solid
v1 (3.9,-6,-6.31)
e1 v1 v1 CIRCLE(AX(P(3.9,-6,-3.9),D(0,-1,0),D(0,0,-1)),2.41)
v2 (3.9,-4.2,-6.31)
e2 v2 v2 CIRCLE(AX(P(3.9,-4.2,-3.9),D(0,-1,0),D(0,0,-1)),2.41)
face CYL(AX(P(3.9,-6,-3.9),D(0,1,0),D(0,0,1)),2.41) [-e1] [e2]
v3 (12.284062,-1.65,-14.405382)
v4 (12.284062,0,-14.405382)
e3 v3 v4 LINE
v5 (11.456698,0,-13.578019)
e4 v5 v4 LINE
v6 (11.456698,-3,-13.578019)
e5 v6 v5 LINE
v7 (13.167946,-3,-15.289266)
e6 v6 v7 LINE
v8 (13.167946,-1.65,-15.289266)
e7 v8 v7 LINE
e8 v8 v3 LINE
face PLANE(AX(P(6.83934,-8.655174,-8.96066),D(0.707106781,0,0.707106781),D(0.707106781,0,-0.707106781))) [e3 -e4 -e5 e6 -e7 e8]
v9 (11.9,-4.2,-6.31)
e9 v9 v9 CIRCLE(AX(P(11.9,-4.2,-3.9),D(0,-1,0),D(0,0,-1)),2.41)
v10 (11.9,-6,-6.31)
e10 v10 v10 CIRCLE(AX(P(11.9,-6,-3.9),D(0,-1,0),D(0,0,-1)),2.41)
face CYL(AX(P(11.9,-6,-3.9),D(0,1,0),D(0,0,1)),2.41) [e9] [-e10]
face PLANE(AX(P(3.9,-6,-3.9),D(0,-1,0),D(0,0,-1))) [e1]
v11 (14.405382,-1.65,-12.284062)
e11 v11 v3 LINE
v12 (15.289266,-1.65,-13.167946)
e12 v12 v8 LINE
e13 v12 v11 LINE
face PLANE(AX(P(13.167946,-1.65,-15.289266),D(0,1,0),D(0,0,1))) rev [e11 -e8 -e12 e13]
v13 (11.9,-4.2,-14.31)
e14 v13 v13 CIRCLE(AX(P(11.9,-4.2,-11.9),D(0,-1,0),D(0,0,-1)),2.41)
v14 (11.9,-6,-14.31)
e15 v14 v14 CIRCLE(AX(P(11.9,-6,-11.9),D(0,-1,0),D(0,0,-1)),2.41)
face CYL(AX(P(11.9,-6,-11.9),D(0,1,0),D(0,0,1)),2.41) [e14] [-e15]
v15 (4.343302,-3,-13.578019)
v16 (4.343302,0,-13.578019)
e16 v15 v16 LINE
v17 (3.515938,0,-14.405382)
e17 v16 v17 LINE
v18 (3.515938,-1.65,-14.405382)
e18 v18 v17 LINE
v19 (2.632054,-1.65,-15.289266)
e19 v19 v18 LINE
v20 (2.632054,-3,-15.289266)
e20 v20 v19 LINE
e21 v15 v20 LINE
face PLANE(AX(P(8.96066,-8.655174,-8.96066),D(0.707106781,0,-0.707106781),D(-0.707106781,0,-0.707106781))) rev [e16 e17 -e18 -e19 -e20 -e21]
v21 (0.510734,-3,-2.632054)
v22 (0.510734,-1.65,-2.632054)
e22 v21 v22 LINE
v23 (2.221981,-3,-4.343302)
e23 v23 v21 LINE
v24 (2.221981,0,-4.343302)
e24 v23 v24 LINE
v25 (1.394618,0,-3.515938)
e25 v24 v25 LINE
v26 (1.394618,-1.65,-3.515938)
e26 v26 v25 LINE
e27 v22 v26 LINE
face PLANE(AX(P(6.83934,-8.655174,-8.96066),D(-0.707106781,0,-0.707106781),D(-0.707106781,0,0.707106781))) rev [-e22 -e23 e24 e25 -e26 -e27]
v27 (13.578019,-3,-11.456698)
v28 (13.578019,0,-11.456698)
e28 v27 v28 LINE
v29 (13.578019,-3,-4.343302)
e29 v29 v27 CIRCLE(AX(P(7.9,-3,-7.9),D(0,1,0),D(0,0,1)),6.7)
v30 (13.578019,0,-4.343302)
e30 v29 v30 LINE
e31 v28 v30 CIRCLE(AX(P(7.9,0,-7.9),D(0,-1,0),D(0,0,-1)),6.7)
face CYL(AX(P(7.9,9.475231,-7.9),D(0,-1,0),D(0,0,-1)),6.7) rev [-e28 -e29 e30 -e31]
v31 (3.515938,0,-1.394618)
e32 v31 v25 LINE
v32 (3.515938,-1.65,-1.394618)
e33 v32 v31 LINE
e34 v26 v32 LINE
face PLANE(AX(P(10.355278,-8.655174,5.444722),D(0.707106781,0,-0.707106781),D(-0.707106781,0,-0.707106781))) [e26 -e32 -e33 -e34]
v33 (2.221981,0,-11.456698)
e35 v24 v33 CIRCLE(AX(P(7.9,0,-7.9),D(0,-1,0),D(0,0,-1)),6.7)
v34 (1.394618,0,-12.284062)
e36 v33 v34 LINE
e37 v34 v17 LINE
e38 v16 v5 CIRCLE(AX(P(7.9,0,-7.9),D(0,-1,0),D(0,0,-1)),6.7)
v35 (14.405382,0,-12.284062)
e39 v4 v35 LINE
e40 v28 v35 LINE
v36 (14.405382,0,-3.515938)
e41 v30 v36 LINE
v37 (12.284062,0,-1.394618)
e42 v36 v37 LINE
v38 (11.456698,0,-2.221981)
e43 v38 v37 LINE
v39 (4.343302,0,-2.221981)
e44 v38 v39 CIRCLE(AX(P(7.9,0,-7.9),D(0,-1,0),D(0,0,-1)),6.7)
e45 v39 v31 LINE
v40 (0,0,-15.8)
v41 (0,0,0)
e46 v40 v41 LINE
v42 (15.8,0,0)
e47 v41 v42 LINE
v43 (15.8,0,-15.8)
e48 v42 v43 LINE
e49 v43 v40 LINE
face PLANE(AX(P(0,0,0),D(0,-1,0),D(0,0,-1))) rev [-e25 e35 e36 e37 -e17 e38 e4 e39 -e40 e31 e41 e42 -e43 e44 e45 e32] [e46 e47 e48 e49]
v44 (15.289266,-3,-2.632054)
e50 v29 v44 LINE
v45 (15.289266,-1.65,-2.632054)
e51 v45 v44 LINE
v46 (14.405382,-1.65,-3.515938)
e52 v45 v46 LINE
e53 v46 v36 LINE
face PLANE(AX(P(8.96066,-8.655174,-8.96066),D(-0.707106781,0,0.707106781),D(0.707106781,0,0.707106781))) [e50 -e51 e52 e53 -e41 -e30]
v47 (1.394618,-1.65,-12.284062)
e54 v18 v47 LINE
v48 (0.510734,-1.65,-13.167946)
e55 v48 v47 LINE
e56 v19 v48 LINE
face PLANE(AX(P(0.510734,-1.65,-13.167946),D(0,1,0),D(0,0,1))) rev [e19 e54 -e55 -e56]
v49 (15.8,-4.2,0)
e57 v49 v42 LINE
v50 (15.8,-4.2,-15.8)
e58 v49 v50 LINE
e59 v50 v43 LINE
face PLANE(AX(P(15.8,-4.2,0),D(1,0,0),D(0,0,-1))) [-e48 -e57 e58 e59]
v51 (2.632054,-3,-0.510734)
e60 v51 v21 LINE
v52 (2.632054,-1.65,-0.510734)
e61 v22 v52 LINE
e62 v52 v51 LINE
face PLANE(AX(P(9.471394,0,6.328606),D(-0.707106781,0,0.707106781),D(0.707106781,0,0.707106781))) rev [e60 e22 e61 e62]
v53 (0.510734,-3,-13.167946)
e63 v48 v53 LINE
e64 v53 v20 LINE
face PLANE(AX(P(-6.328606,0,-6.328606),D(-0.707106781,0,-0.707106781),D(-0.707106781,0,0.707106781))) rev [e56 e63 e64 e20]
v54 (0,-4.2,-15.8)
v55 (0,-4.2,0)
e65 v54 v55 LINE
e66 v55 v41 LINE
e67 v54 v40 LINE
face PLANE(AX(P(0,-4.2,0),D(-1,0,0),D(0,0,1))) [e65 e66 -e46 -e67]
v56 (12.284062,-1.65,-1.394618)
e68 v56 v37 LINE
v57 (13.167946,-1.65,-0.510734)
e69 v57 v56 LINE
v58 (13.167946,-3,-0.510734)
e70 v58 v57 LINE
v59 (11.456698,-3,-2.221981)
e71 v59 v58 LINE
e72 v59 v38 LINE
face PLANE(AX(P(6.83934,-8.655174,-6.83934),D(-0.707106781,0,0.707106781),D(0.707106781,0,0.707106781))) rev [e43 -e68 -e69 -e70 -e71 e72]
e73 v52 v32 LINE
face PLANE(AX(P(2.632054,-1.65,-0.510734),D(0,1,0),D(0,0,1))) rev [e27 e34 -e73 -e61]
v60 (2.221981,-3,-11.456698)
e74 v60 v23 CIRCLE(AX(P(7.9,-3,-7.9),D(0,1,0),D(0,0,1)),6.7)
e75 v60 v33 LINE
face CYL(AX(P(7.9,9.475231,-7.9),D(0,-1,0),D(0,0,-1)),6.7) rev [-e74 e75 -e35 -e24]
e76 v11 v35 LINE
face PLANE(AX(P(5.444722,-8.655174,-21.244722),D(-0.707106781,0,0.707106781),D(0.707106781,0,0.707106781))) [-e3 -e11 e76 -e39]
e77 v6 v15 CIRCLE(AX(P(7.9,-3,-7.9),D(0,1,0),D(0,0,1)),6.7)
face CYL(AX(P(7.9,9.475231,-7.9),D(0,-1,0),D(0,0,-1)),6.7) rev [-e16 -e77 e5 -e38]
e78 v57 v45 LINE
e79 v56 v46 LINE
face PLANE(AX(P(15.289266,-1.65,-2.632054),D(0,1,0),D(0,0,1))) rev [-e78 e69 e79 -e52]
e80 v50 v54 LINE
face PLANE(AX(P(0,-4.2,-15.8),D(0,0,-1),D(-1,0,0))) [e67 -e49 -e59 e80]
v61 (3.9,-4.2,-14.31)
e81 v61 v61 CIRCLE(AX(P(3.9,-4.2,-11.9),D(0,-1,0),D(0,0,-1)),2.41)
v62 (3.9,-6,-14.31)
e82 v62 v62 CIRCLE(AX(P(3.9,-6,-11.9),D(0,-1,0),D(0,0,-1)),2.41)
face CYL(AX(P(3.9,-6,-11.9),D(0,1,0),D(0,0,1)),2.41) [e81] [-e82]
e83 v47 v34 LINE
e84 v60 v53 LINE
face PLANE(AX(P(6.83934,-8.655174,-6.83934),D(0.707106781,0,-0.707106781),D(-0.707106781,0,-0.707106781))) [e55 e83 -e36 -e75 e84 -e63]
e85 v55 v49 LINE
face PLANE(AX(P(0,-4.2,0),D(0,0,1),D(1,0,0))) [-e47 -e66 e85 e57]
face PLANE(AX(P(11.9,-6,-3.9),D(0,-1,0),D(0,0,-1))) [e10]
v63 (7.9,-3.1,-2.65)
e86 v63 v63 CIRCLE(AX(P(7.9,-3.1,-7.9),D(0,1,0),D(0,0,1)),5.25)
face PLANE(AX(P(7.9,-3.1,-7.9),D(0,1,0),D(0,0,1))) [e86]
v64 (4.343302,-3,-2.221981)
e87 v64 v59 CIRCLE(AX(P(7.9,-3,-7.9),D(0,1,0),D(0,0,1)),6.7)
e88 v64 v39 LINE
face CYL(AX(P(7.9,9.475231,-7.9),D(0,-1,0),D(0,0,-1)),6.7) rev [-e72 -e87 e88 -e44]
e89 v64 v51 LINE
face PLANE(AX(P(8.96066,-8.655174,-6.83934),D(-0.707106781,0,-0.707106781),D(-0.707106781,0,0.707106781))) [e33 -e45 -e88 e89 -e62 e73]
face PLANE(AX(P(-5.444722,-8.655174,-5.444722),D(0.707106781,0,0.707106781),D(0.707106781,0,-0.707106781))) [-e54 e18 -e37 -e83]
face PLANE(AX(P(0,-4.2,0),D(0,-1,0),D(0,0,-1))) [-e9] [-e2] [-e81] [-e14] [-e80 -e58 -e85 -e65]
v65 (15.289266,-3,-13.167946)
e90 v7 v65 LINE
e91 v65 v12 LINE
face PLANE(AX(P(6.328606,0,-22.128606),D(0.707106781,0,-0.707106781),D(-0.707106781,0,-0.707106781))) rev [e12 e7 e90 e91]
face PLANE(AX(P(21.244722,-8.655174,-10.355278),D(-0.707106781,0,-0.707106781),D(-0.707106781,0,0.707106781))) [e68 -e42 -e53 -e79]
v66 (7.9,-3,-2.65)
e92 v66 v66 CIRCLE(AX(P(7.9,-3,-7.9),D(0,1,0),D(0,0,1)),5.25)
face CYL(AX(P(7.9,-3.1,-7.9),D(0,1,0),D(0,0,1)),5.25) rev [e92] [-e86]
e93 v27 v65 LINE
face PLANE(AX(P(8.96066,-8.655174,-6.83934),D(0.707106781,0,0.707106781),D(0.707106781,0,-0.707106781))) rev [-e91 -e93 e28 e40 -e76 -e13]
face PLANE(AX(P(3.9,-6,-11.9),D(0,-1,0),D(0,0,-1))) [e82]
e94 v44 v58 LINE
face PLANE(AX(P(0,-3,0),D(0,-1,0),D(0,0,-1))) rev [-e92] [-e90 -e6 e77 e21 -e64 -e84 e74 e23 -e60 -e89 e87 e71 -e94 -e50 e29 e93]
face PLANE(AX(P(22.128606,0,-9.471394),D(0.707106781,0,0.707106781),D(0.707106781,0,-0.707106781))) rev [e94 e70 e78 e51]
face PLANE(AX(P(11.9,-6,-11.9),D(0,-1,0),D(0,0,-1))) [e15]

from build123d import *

# Parameters (mm, degrees)
SKETCH2_W            = 15.8
SKETCH2_H            = 15.8
BOSS_EXTRUDE2_DEPTH  = 4.2
SKETCH4_W            = 13.4
SKETCH4_H            = 13.4
CUT_EXTRUDE1_DEPTH   = 3
SKETCH6_R            = 2.41
BOSS_EXTRUDE4_DEPTH  = 1.8
LPATTERN1_COUNT      = 2
LPATTERN1_PITCH      = 8
LPATTERN1_COUNT_DIR2 = 2
LPATTERN1_PITCH_DIR2 = 8
SKETCH8_R            = 5.25
CUT_EXTRUDE2_DEPTH   = 0.1
BOSS_EXTRUDE9_DEPTH  = 3
CUT_EXTRUDE3_DEPTH   = 3
SKETCH20_W           = 3
SKETCH20_H           = 1.35
CUT_EXTRUDE4_DEPTH   = 1.25
CIRPATTERN3_COUNT    = 4


with BuildPart() as part:
    # Sketch2 → Boss-Extrude2 (new body)
    with BuildSketch(Plane(origin=(0, 0, 0), x_dir=(1, 0, 0), z_dir=(0, 1, 0))):
        with Locations((7.9, 7.9)):
            Rectangle(SKETCH2_W, SKETCH2_H)
    extrude(amount=-BOSS_EXTRUDE2_DEPTH)

    # Sketch4 → Cut-Extrude1 (cut)
    with BuildSketch(Plane(origin=(0, 0, 0), x_dir=(1, 0, 0), z_dir=(0, 1, 0))):
        with Locations((7.9, 7.9)):
            Rectangle(SKETCH4_W, SKETCH4_H)
    extrude(amount=-CUT_EXTRUDE1_DEPTH, mode=Mode.SUBTRACT)

    # Sketch6 → Boss-Extrude4 (add)
    with BuildSketch(Plane(origin=(0, -4.2, 0), x_dir=(-1, 0, 0), z_dir=(0, -1, 0))):
        with Locations((-11.9, 11.9)):
            Circle(SKETCH6_R)
    boss_extrude4 = extrude(amount=BOSS_EXTRUDE4_DEPTH)

    # LPattern1: Boss-Extrude4 2 × 2
    with Locations(*[(-j * LPATTERN1_PITCH_DIR2, 0, i * LPATTERN1_PITCH) for i in range(LPATTERN1_COUNT) for j in range(LPATTERN1_COUNT_DIR2) if (i, j) != (0, 0)]):
        add(boss_extrude4)

    # Sketch8 → Cut-Extrude2 (cut)
    with BuildSketch(Plane(origin=(0, -3, 0), x_dir=(1, 0, 0), z_dir=(0, 1, 0))):
        with Locations((7.9, 7.9)):
            Circle(SKETCH8_R)
    extrude(amount=-CUT_EXTRUDE2_DEPTH, mode=Mode.SUBTRACT)

    # Sketch11 → Boss-Extrude9 (add)
    with BuildSketch(Plane(origin=(0, -3, 0), x_dir=(1, 0, 0), z_dir=(0, 1, 0))):
        with BuildLine():
            Line((7.899999971, 14.6), (1.2, 14.6))
            Line((1.2, 14.6), (1.2, 7.9))
            ThreePointArc((1.2, 7.9), (3.162384556, 12.637615424), (7.899999971, 14.6))
        make_face()
        with BuildLine():
            Line((14.6, 14.6), (7.899999971, 14.6))
            ThreePointArc((7.899999971, 14.6), (12.637615424, 12.637615444), (14.6, 7.9))
            Line((14.6, 7.9), (14.6, 14.6))
        make_face()
        with BuildLine():
            ThreePointArc((7.900000011, 1.2), (3.16238457, 3.162384562), (1.2, 7.9))
            Line((1.2, 7.9), (1.2, 1.2))
            Line((1.2, 1.2), (7.900000011, 1.2))
        make_face()
        with BuildLine():
            Line((14.6, 1.2), (14.6, 7.9))
            ThreePointArc((14.6, 7.9), (12.637615438, 3.16238457), (7.900000011, 1.2))
            Line((7.900000011, 1.2), (14.6, 1.2))
        make_face()
    extrude(amount=BOSS_EXTRUDE9_DEPTH)

    # Sketch12 → Cut-Extrude3 (cut)
    with BuildSketch(Plane(origin=(0, 0, 0), x_dir=(1, 0, 0), z_dir=(0, 1, 0))):
        Polygon((3.162384566, 12.637615434), (2.455277785, 13.344722215), (1.394617613, 12.284062043), (2.101724394, 11.576955262), align=None)
        with BuildLine():
            ThreePointArc((2.221981276, 11.45669838), (2.658816927, 12.073727351), (3.162384566, 12.637615434))
            Line((3.162384566, 12.637615434), (2.101724394, 11.576955262))
            Line((2.101724394, 11.576955262), (2.221981276, 11.45669838))
        make_face()
        with BuildLine():
            Line((4.223044738, 13.698275606), (3.162384566, 12.637615434))
            ThreePointArc((3.162384566, 12.637615434), (3.726272649, 13.141183073), (4.34330162, 13.578018724))
            Line((4.34330162, 13.578018724), (4.223044738, 13.698275606))
        make_face()
        Polygon((3.515937957, 14.405382387), (2.455277785, 13.344722215), (3.162384566, 12.637615434), (4.223044738, 13.698275606), align=None)
        with BuildLine():
            ThreePointArc((4.34330162, 13.578018724), (3.726272649, 13.141183073), (3.162384566, 12.637615434))
            ThreePointArc((3.162384566, 12.637615434), (2.658816927, 12.073727351), (2.221981276, 11.45669838))
            Line((2.221981276, 11.45669838), (2.423581348, 11.255098309))
            Line((2.423581348, 11.255098309), (4.544901691, 13.376418652))
            Line((4.544901691, 13.376418652), (4.34330162, 13.578018724))
        make_face()
        with BuildLine():
            ThreePointArc((14.6, 7.9), (11.145005458, 13.761735202), (4.34330162, 13.578018724))
            Line((4.34330162, 13.578018724), (4.544901691, 13.376418652))
            Line((4.544901691, 13.376418652), (2.423581348, 11.255098309))
            Line((2.423581348, 11.255098309), (2.221981276, 11.45669838))
            ThreePointArc((2.221981276, 11.45669838), (6.049692654, 1.460561925), (14.6, 7.9))
        make_face()
    cut_extrude3 = extrude(amount=-CUT_EXTRUDE3_DEPTH, mode=Mode.SUBTRACT)

    # Sketch20 → Cut-Extrude4 (cut)
    with BuildSketch(Plane(origin=(-5.444722215, 0, -5.444722215), x_dir=(0.707106781, 0, -0.707106781), z_dir=(0.707106781, 0, 0.707106781))):
        with Locations((11.172287143, -2.325)):
            Rectangle(SKETCH20_W, SKETCH20_H)
    cut_extrude4 = extrude(amount=-CUT_EXTRUDE4_DEPTH, mode=Mode.SUBTRACT)

    # CirPattern3: Cut-Extrude3, Cut-Extrude4 ×4 about axis
    cirpattern3_axis = Axis((7.9, 0, -7.9), (0, 1, 0))
    for i in range(1, CIRPATTERN3_COUNT):
        add(cut_extrude3.rotate(cirpattern3_axis, i * 360 / CIRPATTERN3_COUNT), mode=Mode.SUBTRACT)
        add(cut_extrude4.rotate(cirpattern3_axis, i * 360 / CIRPATTERN3_COUNT), mode=Mode.SUBTRACT)


solid = part.part
